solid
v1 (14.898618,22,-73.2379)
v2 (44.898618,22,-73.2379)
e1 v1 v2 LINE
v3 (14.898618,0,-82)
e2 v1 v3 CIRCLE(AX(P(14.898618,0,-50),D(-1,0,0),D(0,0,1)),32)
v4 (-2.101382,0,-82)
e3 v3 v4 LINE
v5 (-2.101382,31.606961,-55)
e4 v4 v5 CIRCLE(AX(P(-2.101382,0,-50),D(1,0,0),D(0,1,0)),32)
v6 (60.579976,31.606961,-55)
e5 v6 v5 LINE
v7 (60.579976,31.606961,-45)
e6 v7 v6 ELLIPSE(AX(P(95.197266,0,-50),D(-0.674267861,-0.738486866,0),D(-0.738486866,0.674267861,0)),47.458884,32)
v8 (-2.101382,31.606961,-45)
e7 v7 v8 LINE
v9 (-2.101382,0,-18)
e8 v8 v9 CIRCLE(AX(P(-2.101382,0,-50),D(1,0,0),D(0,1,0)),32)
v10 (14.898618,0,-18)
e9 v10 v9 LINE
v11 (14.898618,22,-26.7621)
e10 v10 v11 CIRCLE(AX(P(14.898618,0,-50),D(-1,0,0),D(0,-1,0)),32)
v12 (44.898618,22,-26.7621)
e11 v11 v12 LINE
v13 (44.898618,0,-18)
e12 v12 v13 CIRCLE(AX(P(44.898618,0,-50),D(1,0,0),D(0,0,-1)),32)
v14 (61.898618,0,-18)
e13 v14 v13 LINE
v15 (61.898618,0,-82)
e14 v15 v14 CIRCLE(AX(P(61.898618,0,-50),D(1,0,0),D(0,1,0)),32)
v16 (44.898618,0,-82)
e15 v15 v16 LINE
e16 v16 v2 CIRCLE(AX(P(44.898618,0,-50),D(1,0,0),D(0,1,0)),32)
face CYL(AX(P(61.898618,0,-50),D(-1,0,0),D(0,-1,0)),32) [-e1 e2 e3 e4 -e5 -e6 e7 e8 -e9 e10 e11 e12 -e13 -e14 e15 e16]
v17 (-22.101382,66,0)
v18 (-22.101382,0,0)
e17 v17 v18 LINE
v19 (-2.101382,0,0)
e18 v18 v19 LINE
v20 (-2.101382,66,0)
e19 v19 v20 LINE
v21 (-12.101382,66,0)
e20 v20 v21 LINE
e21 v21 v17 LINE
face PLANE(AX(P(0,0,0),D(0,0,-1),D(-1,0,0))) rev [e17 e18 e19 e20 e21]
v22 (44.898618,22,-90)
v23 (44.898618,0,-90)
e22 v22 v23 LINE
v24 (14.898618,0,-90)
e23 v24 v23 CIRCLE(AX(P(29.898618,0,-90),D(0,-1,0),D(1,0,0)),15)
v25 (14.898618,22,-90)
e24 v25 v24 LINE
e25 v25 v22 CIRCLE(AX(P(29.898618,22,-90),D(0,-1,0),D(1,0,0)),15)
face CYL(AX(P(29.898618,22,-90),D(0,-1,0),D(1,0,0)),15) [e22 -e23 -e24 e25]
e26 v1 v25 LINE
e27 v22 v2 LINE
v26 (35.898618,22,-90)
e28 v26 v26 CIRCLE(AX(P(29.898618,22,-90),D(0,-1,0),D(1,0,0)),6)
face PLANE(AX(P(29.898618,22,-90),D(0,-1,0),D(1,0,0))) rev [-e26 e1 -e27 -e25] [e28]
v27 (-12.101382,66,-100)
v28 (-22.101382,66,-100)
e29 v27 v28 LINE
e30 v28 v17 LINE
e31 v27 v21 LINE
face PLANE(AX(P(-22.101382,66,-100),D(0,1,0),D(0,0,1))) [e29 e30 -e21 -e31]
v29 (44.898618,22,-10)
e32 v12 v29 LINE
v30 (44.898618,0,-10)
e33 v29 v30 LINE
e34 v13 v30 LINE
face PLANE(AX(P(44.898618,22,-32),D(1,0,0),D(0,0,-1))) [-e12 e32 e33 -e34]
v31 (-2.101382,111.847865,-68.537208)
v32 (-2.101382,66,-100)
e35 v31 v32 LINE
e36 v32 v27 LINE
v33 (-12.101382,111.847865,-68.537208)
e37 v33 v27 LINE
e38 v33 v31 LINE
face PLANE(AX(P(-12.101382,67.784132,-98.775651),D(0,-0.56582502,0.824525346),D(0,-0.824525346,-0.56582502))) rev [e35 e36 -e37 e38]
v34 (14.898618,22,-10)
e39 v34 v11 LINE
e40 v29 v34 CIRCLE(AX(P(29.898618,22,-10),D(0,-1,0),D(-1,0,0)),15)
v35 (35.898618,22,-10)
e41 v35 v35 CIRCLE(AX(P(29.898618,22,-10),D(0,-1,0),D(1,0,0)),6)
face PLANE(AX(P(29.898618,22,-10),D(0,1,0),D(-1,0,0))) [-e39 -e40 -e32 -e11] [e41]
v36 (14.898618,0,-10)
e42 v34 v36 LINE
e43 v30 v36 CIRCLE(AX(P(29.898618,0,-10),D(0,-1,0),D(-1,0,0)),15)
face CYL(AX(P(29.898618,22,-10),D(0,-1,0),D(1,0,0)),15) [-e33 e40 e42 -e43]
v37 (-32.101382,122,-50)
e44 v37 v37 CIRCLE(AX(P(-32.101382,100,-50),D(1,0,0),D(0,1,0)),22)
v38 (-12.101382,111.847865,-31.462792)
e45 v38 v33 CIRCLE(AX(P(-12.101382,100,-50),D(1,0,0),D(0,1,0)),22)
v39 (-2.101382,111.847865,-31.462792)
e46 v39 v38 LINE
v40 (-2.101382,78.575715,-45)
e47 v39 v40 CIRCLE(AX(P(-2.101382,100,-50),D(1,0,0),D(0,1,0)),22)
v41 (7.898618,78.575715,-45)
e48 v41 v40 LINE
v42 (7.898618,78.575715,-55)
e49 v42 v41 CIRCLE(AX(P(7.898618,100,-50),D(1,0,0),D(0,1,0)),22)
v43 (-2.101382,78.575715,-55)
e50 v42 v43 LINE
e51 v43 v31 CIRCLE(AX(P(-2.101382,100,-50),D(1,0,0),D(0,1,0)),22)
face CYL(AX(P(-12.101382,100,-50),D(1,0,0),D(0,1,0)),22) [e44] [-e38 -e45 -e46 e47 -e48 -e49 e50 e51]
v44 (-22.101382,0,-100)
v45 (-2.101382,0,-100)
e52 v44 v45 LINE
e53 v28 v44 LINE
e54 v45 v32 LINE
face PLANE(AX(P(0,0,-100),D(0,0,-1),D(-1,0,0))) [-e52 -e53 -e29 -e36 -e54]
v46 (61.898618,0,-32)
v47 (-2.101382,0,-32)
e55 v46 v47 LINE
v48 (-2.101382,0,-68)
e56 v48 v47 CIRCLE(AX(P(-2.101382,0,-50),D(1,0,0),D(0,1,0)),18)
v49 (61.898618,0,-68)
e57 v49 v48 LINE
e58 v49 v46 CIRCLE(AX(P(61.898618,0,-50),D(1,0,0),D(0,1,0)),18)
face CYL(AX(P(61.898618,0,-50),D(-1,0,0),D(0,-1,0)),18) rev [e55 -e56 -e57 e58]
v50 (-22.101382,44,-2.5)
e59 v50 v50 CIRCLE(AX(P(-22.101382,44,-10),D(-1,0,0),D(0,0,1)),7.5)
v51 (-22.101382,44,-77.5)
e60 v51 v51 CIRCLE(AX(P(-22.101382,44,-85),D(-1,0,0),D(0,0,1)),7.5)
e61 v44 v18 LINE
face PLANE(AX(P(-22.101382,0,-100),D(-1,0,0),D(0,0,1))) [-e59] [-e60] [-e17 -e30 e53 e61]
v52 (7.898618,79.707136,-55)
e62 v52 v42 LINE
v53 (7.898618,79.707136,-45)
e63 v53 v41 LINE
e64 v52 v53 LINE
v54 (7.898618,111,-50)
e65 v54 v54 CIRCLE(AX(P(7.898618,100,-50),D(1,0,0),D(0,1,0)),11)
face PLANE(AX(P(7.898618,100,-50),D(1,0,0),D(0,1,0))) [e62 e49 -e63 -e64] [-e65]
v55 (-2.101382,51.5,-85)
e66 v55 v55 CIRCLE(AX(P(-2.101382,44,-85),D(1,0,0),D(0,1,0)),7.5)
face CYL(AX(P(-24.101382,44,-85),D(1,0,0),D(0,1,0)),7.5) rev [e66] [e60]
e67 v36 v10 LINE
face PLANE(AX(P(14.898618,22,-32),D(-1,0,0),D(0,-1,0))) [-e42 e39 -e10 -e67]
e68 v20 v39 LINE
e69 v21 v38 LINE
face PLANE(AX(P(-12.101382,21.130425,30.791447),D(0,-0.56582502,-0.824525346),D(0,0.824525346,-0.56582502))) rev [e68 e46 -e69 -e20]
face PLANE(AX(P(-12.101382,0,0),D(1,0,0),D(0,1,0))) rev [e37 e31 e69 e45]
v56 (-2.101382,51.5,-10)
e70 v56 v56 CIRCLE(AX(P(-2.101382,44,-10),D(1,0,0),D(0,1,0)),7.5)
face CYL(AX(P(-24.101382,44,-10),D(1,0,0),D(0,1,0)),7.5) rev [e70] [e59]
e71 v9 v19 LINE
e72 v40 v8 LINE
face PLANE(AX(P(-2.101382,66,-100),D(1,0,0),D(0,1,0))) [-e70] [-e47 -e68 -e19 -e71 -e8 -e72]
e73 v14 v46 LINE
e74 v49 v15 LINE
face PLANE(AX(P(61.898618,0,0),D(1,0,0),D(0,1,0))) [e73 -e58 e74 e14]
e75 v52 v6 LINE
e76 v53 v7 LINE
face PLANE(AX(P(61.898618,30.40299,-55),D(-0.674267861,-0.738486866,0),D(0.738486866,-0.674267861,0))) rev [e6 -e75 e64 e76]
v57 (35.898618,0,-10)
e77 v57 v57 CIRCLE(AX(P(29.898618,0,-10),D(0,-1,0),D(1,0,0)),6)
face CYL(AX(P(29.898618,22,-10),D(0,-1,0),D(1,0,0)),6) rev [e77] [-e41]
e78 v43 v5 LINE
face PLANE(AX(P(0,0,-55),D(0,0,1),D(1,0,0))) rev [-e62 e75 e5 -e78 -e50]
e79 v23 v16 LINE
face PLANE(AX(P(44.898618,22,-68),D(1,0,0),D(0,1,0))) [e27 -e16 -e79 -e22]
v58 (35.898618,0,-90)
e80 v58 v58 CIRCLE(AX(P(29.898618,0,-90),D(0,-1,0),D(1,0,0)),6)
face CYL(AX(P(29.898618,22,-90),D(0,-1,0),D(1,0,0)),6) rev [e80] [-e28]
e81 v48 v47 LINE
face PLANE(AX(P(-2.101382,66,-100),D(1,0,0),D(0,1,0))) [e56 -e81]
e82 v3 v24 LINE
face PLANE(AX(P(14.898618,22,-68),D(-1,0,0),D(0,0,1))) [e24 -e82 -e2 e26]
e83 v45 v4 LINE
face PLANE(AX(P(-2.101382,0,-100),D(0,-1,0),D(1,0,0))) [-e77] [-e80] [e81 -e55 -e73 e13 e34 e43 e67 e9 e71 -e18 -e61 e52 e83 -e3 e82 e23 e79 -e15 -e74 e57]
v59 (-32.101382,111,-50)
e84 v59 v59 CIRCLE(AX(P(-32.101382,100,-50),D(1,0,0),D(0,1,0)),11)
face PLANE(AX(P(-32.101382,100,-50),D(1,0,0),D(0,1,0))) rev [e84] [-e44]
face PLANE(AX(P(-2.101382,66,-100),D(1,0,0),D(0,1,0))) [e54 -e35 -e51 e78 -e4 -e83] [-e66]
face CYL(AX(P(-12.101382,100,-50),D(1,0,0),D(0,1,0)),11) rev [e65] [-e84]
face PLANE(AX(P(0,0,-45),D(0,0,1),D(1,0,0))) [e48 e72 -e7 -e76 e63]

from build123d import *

# Parameters (mm, degrees)
SKETCH2_W            = 20
SKETCH2_H            = 66
BOSS_EXTRUDE1_DEPTH  = 100
SKETCH3_R            = 11
BOSS_EXTRUDE2_DEPTH  = 10
BOSS_EXTRUDE3_START  = 10
SKETCH4_R            = 22
SKETCH4_R_2          = 11
BOSS_EXTRUDE3_DEPTH  = 10
SKETCH5_R            = 22
SKETCH5_R_2          = 11
BOSS_EXTRUDE4_DEPTH  = 40
BOSS_EXTRUDE5_DEPTH  = 64
BOSS_EXTRUDE10_DEPTH = 5
SKETCH16_R           = 6
BOSS_EXTRUDE11_DEPTH = 22
SKETCH18_R           = 7.5
CUT_EXTRUDE2_DEPTH   = 22


with BuildPart() as part:
    # Sketch2 → Boss-Extrude1 (new body)
    with BuildSketch(Plane.XY):
        with Locations((-12.101382488, 33)):
            Rectangle(SKETCH2_W, SKETCH2_H)
    extrude(amount=-BOSS_EXTRUDE1_DEPTH)

    # Sketch3 → Boss-Extrude2 (add)
    # profile 1 of 2: a face of its own
    with BuildSketch(Plane(origin=(-2.101382488, 0, 0), x_dir=(0, 0, -1), z_dir=(1, 0, 0))):
        with BuildLine():
            Line((31.462791547, 111.847864903), (0, 66))
            Line((0, 66), (100, 66))
            Line((100, 66), (68.537208453, 111.847864903))
            ThreePointArc((68.537208453, 111.847864903), (71.116564422, 106.171766928), (72, 100))
            ThreePointArc((72, 100), (43.828233072, 78.883435578), (31.462791547, 111.847864903))
        make_face()
    # profile 2 of 2: a face of its own
    with BuildSketch(Plane(origin=(-2.101382488, 0, 0), x_dir=(0, 0, -1), z_dir=(1, 0, 0))):
        with BuildLine():
            Line((32.277524622, 113.035101322), (31.462791547, 111.847864903))
            ThreePointArc((31.462791547, 111.847864903), (43.828233072, 78.883435578), (72, 100))
            ThreePointArc((72, 100), (71.116564422, 106.171766928), (68.537208453, 111.847864903))
            Line((68.537208453, 111.847864903), (67.722475378, 113.035101322))
            ThreePointArc((67.722475378, 113.035101322), (50, 122), (32.277524622, 113.035101322))
        make_face()
        with Locations(Location((50, 100, 0), (0, 0, 90))):
            Circle(SKETCH3_R, mode=Mode.SUBTRACT)
    extrude(amount=-BOSS_EXTRUDE2_DEPTH)

    # Sketch4 → Boss-Extrude3 (add)
    with BuildSketch(Plane(origin=(-2.101382488, 0, 0), x_dir=(0, 0, -1), z_dir=(1, 0, 0)).offset(BOSS_EXTRUDE3_START)):
        with Locations(Location((50, 100, 0), (0, 0, 90))):
            Circle(SKETCH4_R)
        with Locations(Location((50, 100, 0), (0, 0, 90))):
            Circle(SKETCH4_R_2, mode=Mode.SUBTRACT)
    extrude(amount=-BOSS_EXTRUDE3_DEPTH)

    # Sketch5 → Boss-Extrude4 (add)
    with BuildSketch(Plane(origin=(7.898617512, 0, 0), x_dir=(0, 0, -1), z_dir=(1, 0, 0))):
        with Locations(Location((50, 100, 0), (0, 0, 90))):
            Circle(SKETCH5_R)
        with Locations(Location((50, 100, 0), (0, 0, 90))):
            Circle(SKETCH5_R_2, mode=Mode.SUBTRACT)
    extrude(amount=-BOSS_EXTRUDE4_DEPTH)

    # Sketch6 → Boss-Extrude5 (add)
    with BuildSketch(Plane(origin=(-2.101382488, 0, 0), x_dir=(0, 0, -1), z_dir=(1, 0, 0))):
        with BuildLine():
            ThreePointArc((32, 0), (50, 18), (68, 0))
            Line((68, 0), (82, 0))
            ThreePointArc((82, 0), (50, 32), (18, 0))
            Line((18, 0), (32, 0))
        make_face()
    extrude(amount=BOSS_EXTRUDE5_DEPTH)

    # Sketch9 → Boss-Extrude10 (add, symmetric)
    with BuildSketch(Plane(origin=(0, 0, -50), x_dir=(-1, 0, 0), z_dir=(0, 0, -1))):
        Polygon((-61.898617512, 30.402989501), (4.356494358, 30.402989501), (4.356494358, 79.707135775), (-7.898617512, 79.707135775), align=None)
    extrude(amount=BOSS_EXTRUDE10_DEPTH, both=True)

    # Sketch16 → Boss-Extrude11 (add)
    # profile 1 of 2: a face of its own
    with BuildSketch(Plane.XZ):
        with BuildLine():
            Line((14.898617512, -32), (14.898617512, -10))
            ThreePointArc((14.898617512, -10), (29.898617512, 5), (44.898617512, -10))
            Line((44.898617512, -10), (44.898617512, -32))
            Line((44.898617512, -32), (14.898617512, -32))
        make_face()
        with Locations((29.898617512, -10)):
            Circle(SKETCH16_R, mode=Mode.SUBTRACT)
    # profile 2 of 2: a face of its own
    with BuildSketch(Plane.XZ):
        with BuildLine():
            Line((14.898617512, -68), (14.898617512, -90))
            ThreePointArc((14.898617512, -90), (29.898617512, -105), (44.898617512, -90))
            Line((44.898617512, -90), (44.898617512, -68))
            Line((44.898617512, -68), (14.898617512, -68))
        make_face()
        with Locations((29.898617512, -90)):
            Circle(SKETCH16_R, mode=Mode.SUBTRACT)
    extrude(amount=-BOSS_EXTRUDE11_DEPTH)

    # Sketch18 → Cut-Extrude2 (cut)
    with BuildSketch(Plane(origin=(-2.101382488, 0, 0), x_dir=(0, 0, -1), z_dir=(1, 0, 0))):
        with Locations(Location((10, 44, 0), (0, 0, 90))):
            Circle(SKETCH18_R)
        with Locations(Location((85, 44, 0), (0, 0, 90))):
            Circle(SKETCH18_R)
    extrude(amount=-CUT_EXTRUDE2_DEPTH, mode=Mode.SUBTRACT)


solid = part.part
